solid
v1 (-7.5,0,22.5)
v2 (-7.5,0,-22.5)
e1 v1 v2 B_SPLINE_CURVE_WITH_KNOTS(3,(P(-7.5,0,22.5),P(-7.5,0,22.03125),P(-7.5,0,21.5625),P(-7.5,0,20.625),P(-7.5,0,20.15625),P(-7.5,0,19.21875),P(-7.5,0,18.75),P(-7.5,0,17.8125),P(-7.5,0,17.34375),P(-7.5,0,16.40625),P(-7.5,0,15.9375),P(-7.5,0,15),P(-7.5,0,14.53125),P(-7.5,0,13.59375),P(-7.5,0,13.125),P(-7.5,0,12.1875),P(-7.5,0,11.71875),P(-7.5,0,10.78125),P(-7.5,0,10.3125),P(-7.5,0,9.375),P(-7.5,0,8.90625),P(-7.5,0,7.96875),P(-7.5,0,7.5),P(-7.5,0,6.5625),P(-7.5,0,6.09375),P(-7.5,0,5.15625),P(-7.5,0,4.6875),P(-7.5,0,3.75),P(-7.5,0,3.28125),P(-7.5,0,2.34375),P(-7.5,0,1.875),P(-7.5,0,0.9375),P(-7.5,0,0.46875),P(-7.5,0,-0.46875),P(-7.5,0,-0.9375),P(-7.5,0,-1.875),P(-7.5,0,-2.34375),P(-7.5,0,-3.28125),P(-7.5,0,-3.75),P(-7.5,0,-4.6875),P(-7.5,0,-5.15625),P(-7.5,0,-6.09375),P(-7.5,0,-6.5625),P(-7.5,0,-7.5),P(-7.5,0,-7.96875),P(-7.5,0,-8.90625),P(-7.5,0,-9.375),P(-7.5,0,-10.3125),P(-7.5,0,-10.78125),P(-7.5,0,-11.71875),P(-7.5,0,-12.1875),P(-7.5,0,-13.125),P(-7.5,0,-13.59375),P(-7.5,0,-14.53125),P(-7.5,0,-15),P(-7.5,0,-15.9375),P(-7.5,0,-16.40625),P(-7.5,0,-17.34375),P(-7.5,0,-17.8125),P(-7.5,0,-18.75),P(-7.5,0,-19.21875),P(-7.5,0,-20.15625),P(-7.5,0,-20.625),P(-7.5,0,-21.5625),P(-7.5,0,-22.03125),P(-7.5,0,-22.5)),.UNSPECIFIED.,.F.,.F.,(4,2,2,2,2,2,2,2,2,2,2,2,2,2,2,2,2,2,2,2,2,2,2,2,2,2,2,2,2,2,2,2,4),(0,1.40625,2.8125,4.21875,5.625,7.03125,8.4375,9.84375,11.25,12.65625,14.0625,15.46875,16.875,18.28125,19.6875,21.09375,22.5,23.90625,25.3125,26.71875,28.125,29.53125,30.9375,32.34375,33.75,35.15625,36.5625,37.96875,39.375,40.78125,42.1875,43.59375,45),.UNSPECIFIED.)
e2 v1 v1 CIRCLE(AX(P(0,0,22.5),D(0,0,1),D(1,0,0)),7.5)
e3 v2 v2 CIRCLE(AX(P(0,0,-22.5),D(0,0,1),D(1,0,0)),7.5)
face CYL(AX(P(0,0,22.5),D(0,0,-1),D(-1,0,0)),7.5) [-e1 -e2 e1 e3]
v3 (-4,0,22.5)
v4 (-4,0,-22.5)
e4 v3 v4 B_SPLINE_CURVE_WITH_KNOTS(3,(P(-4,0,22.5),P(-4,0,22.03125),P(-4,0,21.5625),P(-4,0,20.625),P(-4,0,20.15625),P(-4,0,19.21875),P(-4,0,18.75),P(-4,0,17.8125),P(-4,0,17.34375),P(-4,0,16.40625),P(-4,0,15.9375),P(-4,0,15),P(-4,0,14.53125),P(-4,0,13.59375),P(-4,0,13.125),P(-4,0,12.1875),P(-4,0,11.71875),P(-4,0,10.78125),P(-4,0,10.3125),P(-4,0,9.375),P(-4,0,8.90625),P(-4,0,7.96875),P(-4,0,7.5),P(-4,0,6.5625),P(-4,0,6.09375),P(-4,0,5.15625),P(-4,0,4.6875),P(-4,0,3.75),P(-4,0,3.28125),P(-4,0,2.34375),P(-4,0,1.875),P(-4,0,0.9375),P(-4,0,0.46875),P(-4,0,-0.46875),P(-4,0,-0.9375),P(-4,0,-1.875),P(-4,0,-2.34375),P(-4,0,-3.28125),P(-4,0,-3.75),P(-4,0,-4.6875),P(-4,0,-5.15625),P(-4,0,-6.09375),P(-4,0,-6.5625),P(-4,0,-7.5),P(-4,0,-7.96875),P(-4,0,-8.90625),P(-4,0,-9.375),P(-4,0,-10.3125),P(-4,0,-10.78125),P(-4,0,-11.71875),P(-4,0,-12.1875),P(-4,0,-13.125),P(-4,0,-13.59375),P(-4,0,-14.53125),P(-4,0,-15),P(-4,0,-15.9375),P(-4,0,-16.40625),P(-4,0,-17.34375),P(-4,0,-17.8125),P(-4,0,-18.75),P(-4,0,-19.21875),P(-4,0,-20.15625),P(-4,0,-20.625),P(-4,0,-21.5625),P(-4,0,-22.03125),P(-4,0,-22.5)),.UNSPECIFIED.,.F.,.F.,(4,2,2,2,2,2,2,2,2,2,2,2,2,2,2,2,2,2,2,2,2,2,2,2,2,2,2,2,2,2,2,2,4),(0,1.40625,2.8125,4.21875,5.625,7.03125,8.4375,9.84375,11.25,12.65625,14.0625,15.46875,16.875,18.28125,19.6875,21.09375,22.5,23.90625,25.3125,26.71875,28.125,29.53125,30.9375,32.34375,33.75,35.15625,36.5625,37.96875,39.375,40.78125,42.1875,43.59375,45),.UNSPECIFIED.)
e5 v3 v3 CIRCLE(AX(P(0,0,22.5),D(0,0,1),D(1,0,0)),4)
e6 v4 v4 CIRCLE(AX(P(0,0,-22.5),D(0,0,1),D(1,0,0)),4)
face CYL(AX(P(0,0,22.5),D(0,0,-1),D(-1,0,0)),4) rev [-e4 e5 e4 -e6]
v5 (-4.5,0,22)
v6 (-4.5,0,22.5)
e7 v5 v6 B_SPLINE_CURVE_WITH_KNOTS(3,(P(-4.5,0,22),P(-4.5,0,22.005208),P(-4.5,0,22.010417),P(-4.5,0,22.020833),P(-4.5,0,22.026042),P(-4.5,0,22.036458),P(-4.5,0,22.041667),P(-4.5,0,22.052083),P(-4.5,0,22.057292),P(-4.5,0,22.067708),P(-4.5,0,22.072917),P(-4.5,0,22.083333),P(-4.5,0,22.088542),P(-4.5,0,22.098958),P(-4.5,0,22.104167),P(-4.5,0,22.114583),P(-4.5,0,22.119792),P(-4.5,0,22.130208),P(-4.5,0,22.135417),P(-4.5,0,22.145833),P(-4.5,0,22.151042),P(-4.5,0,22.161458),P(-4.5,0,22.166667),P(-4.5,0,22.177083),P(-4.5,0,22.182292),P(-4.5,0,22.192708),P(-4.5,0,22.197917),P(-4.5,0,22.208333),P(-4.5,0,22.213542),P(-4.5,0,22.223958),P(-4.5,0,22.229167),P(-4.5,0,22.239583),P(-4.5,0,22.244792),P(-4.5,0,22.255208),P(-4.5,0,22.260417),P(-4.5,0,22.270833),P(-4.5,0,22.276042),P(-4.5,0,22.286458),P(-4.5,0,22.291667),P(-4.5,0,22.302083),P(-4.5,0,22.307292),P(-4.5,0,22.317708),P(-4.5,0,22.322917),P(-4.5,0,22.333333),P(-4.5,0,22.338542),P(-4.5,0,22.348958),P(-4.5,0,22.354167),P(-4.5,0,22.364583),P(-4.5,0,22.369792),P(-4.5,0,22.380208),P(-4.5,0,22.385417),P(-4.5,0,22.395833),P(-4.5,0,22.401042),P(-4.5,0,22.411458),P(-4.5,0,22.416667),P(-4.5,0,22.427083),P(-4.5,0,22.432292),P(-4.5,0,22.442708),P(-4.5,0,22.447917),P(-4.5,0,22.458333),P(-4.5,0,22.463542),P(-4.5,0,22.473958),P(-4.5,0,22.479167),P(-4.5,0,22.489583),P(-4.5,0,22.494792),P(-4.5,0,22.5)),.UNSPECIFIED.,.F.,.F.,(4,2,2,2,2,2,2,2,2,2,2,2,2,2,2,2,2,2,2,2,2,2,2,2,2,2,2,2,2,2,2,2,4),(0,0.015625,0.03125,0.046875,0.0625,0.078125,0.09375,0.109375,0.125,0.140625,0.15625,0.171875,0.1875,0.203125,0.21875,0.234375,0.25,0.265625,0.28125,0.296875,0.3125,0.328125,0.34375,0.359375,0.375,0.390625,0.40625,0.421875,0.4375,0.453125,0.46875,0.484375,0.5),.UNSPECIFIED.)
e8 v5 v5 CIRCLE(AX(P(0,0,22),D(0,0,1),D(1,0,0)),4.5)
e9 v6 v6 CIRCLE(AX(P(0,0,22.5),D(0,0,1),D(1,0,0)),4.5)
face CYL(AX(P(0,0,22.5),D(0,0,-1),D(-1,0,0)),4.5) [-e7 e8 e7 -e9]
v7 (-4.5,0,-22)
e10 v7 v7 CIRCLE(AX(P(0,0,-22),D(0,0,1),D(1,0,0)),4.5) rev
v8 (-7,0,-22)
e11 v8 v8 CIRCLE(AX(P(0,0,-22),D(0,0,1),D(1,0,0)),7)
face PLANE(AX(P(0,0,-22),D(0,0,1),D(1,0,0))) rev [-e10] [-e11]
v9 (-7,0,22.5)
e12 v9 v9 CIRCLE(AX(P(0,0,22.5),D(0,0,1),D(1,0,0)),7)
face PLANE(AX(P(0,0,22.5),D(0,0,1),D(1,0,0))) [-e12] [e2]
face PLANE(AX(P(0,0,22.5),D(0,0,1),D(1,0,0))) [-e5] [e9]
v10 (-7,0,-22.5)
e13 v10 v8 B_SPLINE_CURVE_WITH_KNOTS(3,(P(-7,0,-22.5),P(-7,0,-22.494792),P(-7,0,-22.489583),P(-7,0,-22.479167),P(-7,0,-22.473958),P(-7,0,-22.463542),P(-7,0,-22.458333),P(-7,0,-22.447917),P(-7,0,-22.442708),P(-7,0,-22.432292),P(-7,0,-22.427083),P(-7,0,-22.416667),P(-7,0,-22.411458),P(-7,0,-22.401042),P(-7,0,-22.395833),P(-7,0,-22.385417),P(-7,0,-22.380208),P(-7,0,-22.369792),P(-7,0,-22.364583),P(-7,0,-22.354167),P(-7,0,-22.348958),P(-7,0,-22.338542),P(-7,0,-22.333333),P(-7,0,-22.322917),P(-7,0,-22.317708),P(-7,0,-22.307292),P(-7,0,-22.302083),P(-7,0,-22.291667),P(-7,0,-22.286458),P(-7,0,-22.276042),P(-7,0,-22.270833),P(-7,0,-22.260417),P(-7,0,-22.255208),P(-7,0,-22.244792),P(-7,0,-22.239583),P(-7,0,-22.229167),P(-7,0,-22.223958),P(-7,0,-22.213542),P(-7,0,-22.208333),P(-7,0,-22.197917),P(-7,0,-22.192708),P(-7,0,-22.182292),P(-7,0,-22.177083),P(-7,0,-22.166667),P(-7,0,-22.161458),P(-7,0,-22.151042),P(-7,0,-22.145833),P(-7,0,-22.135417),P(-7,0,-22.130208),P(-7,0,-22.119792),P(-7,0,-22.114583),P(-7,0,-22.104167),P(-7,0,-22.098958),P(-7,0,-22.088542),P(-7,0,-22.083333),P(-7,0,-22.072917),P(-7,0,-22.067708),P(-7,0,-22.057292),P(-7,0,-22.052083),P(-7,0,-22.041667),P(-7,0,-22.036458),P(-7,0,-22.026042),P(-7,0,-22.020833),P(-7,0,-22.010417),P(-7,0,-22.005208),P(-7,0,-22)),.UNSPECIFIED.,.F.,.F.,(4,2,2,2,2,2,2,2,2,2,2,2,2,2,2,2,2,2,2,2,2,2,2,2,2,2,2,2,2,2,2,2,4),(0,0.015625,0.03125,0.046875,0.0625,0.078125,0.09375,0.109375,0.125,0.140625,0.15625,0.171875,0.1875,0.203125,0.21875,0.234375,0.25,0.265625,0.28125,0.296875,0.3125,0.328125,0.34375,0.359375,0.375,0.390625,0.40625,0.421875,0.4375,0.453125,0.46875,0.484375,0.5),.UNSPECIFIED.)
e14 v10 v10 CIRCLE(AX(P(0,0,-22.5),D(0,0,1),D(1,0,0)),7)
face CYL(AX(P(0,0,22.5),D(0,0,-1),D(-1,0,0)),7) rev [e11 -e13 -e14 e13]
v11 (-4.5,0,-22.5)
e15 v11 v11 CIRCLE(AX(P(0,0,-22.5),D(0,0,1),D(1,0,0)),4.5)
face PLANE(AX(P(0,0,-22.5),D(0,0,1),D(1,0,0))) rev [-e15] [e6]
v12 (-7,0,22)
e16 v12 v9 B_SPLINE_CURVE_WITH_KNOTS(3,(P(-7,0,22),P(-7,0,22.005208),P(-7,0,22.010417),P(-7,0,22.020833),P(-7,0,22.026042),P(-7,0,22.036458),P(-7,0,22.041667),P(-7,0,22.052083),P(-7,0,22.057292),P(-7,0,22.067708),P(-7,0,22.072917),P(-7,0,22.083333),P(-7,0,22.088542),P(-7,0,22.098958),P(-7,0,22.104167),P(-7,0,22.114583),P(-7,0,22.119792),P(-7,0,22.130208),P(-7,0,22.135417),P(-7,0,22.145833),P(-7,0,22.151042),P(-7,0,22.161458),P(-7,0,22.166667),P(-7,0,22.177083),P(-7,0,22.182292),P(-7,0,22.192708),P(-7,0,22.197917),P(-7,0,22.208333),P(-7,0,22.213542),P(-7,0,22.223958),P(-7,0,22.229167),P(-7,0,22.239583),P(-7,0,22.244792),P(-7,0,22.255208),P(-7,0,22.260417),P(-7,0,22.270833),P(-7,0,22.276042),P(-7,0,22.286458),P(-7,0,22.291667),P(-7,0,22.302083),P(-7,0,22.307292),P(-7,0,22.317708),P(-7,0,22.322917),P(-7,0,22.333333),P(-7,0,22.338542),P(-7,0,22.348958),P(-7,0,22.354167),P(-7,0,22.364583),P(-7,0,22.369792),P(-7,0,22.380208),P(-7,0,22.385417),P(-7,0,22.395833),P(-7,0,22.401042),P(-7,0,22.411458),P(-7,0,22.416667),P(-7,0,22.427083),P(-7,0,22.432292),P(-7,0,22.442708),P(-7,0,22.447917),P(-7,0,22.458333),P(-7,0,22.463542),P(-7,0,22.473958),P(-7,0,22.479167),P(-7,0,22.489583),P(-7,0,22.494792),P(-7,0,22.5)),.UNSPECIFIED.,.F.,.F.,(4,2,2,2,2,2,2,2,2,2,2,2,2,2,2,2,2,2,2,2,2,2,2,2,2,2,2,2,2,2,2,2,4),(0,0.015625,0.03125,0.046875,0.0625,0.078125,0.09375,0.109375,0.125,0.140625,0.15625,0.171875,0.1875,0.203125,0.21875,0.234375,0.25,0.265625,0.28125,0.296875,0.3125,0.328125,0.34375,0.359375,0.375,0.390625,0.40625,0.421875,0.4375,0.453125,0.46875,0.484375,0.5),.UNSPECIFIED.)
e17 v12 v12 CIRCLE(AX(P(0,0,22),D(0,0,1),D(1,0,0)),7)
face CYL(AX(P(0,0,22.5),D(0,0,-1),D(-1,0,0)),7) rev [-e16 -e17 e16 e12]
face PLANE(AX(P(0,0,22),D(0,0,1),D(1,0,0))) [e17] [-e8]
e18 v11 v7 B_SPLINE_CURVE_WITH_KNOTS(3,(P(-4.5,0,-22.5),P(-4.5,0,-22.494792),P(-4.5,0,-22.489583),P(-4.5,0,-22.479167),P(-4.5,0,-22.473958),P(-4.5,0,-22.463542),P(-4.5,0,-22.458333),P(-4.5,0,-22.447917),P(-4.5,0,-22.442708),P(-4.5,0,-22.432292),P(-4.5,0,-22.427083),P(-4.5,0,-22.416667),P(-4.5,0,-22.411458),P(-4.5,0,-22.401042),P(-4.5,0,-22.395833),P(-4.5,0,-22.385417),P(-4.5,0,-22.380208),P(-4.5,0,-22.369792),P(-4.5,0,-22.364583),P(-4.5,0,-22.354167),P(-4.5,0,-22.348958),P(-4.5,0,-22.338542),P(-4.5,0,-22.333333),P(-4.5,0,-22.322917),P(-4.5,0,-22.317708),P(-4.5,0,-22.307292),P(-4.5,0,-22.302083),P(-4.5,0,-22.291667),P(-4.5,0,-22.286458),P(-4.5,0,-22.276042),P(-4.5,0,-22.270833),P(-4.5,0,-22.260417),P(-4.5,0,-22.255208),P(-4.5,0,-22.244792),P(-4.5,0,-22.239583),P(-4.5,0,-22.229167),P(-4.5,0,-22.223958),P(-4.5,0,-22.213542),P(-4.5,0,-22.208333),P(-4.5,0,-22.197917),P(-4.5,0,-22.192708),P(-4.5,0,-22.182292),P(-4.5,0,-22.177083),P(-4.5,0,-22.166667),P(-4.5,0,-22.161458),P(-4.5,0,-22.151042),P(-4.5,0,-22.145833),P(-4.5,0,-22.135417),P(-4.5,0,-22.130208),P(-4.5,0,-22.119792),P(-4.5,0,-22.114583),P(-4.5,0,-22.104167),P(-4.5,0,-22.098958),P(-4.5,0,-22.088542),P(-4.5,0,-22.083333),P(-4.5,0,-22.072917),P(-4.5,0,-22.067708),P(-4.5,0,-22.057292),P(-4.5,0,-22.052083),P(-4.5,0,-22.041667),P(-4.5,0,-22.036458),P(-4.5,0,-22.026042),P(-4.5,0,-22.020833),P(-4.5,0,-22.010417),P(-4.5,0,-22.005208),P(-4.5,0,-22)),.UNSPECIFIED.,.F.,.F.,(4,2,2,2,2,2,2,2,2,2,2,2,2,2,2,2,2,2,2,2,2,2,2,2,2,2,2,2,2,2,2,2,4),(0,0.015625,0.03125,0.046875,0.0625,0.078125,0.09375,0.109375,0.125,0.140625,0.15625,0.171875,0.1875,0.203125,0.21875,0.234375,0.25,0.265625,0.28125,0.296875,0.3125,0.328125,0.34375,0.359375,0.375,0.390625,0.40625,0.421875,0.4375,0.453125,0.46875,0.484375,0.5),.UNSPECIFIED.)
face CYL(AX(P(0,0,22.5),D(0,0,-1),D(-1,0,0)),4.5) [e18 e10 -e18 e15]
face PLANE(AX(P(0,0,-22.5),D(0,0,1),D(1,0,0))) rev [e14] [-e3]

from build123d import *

# Parameters (mm, degrees)
SKETCH_1_R        = 7.5
SKETCH_1_R_2      = 7
EXTRUDE_2_DEPTH   = 22.5
SKETCH_1_R_3      = 4.5
SKETCH_1_R_4      = 4
EXTRUDE_2_2_DEPTH = 22.5
SKETCH_1_5_R      = 7
SKETCH_1_5_R_2    = 4.5
EXTRUDE_3_DEPTH   = 22


with BuildPart() as part:
    # 草图1 → 凸台-拉伸2 (new, symmetric)
    with BuildSketch(Plane.XY):
        Circle(SKETCH_1_R)
        Circle(SKETCH_1_R_2, mode=Mode.SUBTRACT)
    extrude(amount=EXTRUDE_2_DEPTH, both=True)



with BuildPart() as body_2:
    # 草图1 → Extrude 2 2 (new, symmetric)
    with BuildSketch(Plane.XY):
        Circle(SKETCH_1_R_3)
        Circle(SKETCH_1_R_4, mode=Mode.SUBTRACT)
    extrude(amount=EXTRUDE_2_2_DEPTH, both=True)


with BuildPart() as part_1:
    add(part.part)

    add(body_2.part)  # 凸台-拉伸3 merges body 2
    # 草图1<5> → 凸台-拉伸3 (add, symmetric)
    with BuildSketch(Plane.XY):
        Circle(SKETCH_1_5_R)
        Circle(SKETCH_1_5_R_2, mode=Mode.SUBTRACT)
    extrude(amount=EXTRUDE_3_DEPTH, both=True)


solid = part_1.part
